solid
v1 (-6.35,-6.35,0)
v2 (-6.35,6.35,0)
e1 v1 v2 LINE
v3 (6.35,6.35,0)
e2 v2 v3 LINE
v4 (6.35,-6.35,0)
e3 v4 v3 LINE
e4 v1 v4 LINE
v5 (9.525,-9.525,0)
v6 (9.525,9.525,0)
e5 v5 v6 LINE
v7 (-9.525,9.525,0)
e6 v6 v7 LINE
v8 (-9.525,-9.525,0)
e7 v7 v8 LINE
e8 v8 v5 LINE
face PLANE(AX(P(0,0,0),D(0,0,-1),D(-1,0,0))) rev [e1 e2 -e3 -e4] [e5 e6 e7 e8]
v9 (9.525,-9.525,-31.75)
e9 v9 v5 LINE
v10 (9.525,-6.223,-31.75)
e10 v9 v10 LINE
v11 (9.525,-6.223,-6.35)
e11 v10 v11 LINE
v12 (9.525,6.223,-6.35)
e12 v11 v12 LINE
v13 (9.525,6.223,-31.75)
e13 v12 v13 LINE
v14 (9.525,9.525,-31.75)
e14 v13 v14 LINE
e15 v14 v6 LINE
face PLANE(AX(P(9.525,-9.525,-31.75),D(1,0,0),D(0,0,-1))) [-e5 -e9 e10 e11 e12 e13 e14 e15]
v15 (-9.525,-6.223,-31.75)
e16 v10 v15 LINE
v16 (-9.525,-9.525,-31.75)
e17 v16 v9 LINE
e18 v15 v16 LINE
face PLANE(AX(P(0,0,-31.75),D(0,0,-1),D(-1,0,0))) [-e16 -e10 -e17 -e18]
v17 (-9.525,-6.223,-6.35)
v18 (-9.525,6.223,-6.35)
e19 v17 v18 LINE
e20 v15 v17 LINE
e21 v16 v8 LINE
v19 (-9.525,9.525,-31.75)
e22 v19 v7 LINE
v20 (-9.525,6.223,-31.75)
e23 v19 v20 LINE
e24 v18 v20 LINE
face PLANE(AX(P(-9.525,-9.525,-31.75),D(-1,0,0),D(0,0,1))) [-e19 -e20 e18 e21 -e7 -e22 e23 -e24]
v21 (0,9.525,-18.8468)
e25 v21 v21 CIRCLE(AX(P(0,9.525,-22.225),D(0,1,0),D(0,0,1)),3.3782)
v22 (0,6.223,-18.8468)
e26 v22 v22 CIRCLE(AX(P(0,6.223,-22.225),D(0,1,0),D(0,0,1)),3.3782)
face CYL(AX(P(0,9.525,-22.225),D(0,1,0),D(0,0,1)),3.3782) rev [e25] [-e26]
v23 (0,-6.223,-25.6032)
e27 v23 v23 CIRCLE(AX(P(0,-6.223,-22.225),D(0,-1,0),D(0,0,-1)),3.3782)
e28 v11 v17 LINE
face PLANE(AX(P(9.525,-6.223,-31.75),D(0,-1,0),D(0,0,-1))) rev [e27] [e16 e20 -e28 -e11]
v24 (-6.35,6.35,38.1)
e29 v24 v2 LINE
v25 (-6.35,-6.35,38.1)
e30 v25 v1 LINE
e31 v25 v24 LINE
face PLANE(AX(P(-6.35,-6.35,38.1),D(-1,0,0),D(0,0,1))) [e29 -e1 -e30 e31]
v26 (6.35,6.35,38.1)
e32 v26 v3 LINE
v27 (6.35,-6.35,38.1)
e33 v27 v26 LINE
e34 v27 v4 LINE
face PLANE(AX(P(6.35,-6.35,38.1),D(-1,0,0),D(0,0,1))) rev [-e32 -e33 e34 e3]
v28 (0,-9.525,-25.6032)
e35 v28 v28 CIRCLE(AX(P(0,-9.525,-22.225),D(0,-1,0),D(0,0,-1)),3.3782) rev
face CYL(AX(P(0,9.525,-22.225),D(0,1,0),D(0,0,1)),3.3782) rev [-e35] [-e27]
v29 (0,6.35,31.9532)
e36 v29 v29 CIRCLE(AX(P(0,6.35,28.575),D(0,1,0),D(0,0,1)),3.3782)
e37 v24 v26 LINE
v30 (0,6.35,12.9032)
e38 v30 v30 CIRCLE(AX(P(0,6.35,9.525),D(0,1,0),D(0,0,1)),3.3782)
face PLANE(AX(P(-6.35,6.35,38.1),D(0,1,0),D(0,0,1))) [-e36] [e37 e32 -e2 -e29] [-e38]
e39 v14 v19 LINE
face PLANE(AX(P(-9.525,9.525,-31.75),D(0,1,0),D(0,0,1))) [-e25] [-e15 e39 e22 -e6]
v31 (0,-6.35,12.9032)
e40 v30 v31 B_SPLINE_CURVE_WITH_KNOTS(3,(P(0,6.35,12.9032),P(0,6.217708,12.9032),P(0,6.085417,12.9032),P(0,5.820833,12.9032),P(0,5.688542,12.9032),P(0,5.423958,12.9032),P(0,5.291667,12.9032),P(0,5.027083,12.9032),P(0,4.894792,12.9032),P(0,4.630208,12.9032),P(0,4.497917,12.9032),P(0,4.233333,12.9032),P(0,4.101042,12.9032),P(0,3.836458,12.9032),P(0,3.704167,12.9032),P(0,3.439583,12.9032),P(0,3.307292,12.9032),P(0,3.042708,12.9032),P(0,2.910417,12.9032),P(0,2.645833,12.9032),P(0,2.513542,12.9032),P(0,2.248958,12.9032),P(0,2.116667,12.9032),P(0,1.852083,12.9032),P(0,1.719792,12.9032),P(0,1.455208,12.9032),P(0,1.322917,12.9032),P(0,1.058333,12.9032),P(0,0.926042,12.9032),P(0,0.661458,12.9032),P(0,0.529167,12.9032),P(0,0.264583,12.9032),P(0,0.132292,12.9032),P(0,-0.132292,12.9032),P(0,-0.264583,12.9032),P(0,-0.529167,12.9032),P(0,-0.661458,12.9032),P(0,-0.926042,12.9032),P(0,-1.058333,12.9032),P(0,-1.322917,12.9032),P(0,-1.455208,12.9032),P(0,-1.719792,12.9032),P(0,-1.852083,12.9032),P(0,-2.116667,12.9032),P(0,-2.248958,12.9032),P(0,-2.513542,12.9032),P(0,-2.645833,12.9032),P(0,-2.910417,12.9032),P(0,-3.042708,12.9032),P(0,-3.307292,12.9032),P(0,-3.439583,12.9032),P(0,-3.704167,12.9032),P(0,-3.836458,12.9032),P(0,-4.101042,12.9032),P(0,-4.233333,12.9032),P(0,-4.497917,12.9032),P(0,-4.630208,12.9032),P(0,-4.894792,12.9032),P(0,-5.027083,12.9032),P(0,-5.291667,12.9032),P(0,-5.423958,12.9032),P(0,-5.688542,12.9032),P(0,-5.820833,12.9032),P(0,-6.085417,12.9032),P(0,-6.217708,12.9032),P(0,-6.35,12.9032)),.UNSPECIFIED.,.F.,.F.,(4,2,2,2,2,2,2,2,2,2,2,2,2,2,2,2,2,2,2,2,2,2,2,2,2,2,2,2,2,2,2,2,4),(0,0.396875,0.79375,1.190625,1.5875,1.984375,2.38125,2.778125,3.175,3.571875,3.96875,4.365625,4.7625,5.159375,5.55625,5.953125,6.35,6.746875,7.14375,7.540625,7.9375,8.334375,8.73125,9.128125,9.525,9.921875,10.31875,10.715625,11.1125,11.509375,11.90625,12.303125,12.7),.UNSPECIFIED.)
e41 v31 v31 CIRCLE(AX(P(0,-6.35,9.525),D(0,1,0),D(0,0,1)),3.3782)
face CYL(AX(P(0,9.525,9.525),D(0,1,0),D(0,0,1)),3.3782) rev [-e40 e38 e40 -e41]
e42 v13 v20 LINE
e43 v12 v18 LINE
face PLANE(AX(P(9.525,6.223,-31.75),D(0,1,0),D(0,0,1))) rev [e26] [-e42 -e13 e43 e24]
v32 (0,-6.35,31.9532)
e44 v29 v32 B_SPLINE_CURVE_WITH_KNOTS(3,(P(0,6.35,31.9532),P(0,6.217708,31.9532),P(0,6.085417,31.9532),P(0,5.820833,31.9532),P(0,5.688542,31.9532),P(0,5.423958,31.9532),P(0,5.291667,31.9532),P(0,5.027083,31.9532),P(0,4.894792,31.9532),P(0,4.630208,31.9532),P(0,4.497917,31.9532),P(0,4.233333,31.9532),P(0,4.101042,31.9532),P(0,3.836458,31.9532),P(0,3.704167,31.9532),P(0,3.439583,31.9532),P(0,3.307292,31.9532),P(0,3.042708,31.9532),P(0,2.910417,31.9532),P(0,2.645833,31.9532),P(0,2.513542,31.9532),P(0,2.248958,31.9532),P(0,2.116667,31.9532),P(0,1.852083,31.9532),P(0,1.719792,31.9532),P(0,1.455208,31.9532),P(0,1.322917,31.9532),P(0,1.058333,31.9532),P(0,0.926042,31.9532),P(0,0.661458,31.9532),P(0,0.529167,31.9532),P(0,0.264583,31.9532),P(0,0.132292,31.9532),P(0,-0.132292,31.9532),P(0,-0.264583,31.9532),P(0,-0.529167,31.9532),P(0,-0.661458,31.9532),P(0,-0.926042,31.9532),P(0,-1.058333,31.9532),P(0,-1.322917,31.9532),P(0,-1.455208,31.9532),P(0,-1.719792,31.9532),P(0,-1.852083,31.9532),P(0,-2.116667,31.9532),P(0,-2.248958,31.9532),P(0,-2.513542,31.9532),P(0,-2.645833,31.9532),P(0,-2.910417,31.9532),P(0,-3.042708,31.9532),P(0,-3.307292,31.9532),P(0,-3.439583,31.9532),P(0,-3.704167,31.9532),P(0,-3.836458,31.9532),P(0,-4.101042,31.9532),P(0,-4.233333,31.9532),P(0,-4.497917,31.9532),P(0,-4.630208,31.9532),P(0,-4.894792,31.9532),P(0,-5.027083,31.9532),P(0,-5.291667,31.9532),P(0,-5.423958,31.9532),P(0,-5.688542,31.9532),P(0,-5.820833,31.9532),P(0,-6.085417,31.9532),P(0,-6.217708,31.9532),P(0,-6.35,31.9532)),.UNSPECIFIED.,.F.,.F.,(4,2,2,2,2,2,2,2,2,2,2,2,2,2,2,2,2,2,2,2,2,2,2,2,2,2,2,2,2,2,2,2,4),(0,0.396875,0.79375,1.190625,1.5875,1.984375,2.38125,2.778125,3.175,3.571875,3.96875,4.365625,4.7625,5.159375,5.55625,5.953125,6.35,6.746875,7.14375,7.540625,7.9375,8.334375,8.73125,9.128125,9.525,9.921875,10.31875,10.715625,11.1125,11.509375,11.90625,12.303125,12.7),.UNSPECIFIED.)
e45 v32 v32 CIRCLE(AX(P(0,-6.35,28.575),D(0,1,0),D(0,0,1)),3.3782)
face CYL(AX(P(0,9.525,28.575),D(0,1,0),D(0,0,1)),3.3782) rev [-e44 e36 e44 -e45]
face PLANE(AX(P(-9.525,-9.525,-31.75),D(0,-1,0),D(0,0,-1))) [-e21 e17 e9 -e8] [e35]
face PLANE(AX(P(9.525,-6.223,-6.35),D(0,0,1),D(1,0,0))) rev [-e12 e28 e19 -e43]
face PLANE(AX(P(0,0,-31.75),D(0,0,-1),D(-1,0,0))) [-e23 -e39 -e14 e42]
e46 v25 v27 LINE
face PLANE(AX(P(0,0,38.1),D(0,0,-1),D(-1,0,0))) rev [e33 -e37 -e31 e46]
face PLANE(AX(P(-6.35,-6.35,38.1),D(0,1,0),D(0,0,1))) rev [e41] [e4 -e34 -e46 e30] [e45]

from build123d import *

# Parameters (mm, degrees)
SKETCH1_W                   = 12.7
SKETCH1_H                   = 12.7
BOSS_EXTRUDE1_DEPTH         = 38.1
SKETCH2_W                   = 19.05
SKETCH2_H                   = 19.05
BOSS_EXTRUDE2_DEPTH         = 31.75
SKETCH3_W                   = 25.4
SKETCH3_H                   = 12.446
CUT_EXTRUDE1_DEPTH          = 44.649033494
F_1_4_CLEARANCE_HOLE1_D     = 6.7564
F_1_4_CLEARANCE_HOLE1_DEPTH = 19.05
F_1_4_CLEARANCE_HOLE1_TIP   = 2.029827343


with BuildPart() as part:
    # Sketch1 → Boss-Extrude1 (new body)
    with BuildSketch(Plane.XY):
        Rectangle(SKETCH1_W, SKETCH1_H)
    extrude(amount=BOSS_EXTRUDE1_DEPTH)

    # Sketch2 → Boss-Extrude2 (add)
    with BuildSketch(Plane.XY):
        Rectangle(SKETCH2_W, SKETCH2_H)
    extrude(amount=-BOSS_EXTRUDE2_DEPTH)

    # Sketch3 → Cut-Extrude1 (cut, through all)
    with BuildSketch(Plane.ZY.offset(9.525)):
        with Locations((-19.05, 0)):
            Rectangle(SKETCH3_W, SKETCH3_H)
    extrude(amount=-CUT_EXTRUDE1_DEPTH, mode=Mode.SUBTRACT)

    # 1/4 Clearance Hole1
    with Locations(Plane(origin=(47.625, 9.525, -52.822499938), x_dir=(0, 0, 1), z_dir=(0, 1, 0))):
        with Locations((30.597499938, -47.625), (62.347499938, -47.625), (81.397499938, -47.625), (196.332499938, -47.625)):
            Hole(F_1_4_CLEARANCE_HOLE1_D / 2, depth=F_1_4_CLEARANCE_HOLE1_DEPTH)
            with Locations((0, 0, -(F_1_4_CLEARANCE_HOLE1_DEPTH + F_1_4_CLEARANCE_HOLE1_TIP / 2))):  # 118° drill point
                Cone(0, F_1_4_CLEARANCE_HOLE1_D / 2, F_1_4_CLEARANCE_HOLE1_TIP, mode=Mode.SUBTRACT)


solid = part.part
